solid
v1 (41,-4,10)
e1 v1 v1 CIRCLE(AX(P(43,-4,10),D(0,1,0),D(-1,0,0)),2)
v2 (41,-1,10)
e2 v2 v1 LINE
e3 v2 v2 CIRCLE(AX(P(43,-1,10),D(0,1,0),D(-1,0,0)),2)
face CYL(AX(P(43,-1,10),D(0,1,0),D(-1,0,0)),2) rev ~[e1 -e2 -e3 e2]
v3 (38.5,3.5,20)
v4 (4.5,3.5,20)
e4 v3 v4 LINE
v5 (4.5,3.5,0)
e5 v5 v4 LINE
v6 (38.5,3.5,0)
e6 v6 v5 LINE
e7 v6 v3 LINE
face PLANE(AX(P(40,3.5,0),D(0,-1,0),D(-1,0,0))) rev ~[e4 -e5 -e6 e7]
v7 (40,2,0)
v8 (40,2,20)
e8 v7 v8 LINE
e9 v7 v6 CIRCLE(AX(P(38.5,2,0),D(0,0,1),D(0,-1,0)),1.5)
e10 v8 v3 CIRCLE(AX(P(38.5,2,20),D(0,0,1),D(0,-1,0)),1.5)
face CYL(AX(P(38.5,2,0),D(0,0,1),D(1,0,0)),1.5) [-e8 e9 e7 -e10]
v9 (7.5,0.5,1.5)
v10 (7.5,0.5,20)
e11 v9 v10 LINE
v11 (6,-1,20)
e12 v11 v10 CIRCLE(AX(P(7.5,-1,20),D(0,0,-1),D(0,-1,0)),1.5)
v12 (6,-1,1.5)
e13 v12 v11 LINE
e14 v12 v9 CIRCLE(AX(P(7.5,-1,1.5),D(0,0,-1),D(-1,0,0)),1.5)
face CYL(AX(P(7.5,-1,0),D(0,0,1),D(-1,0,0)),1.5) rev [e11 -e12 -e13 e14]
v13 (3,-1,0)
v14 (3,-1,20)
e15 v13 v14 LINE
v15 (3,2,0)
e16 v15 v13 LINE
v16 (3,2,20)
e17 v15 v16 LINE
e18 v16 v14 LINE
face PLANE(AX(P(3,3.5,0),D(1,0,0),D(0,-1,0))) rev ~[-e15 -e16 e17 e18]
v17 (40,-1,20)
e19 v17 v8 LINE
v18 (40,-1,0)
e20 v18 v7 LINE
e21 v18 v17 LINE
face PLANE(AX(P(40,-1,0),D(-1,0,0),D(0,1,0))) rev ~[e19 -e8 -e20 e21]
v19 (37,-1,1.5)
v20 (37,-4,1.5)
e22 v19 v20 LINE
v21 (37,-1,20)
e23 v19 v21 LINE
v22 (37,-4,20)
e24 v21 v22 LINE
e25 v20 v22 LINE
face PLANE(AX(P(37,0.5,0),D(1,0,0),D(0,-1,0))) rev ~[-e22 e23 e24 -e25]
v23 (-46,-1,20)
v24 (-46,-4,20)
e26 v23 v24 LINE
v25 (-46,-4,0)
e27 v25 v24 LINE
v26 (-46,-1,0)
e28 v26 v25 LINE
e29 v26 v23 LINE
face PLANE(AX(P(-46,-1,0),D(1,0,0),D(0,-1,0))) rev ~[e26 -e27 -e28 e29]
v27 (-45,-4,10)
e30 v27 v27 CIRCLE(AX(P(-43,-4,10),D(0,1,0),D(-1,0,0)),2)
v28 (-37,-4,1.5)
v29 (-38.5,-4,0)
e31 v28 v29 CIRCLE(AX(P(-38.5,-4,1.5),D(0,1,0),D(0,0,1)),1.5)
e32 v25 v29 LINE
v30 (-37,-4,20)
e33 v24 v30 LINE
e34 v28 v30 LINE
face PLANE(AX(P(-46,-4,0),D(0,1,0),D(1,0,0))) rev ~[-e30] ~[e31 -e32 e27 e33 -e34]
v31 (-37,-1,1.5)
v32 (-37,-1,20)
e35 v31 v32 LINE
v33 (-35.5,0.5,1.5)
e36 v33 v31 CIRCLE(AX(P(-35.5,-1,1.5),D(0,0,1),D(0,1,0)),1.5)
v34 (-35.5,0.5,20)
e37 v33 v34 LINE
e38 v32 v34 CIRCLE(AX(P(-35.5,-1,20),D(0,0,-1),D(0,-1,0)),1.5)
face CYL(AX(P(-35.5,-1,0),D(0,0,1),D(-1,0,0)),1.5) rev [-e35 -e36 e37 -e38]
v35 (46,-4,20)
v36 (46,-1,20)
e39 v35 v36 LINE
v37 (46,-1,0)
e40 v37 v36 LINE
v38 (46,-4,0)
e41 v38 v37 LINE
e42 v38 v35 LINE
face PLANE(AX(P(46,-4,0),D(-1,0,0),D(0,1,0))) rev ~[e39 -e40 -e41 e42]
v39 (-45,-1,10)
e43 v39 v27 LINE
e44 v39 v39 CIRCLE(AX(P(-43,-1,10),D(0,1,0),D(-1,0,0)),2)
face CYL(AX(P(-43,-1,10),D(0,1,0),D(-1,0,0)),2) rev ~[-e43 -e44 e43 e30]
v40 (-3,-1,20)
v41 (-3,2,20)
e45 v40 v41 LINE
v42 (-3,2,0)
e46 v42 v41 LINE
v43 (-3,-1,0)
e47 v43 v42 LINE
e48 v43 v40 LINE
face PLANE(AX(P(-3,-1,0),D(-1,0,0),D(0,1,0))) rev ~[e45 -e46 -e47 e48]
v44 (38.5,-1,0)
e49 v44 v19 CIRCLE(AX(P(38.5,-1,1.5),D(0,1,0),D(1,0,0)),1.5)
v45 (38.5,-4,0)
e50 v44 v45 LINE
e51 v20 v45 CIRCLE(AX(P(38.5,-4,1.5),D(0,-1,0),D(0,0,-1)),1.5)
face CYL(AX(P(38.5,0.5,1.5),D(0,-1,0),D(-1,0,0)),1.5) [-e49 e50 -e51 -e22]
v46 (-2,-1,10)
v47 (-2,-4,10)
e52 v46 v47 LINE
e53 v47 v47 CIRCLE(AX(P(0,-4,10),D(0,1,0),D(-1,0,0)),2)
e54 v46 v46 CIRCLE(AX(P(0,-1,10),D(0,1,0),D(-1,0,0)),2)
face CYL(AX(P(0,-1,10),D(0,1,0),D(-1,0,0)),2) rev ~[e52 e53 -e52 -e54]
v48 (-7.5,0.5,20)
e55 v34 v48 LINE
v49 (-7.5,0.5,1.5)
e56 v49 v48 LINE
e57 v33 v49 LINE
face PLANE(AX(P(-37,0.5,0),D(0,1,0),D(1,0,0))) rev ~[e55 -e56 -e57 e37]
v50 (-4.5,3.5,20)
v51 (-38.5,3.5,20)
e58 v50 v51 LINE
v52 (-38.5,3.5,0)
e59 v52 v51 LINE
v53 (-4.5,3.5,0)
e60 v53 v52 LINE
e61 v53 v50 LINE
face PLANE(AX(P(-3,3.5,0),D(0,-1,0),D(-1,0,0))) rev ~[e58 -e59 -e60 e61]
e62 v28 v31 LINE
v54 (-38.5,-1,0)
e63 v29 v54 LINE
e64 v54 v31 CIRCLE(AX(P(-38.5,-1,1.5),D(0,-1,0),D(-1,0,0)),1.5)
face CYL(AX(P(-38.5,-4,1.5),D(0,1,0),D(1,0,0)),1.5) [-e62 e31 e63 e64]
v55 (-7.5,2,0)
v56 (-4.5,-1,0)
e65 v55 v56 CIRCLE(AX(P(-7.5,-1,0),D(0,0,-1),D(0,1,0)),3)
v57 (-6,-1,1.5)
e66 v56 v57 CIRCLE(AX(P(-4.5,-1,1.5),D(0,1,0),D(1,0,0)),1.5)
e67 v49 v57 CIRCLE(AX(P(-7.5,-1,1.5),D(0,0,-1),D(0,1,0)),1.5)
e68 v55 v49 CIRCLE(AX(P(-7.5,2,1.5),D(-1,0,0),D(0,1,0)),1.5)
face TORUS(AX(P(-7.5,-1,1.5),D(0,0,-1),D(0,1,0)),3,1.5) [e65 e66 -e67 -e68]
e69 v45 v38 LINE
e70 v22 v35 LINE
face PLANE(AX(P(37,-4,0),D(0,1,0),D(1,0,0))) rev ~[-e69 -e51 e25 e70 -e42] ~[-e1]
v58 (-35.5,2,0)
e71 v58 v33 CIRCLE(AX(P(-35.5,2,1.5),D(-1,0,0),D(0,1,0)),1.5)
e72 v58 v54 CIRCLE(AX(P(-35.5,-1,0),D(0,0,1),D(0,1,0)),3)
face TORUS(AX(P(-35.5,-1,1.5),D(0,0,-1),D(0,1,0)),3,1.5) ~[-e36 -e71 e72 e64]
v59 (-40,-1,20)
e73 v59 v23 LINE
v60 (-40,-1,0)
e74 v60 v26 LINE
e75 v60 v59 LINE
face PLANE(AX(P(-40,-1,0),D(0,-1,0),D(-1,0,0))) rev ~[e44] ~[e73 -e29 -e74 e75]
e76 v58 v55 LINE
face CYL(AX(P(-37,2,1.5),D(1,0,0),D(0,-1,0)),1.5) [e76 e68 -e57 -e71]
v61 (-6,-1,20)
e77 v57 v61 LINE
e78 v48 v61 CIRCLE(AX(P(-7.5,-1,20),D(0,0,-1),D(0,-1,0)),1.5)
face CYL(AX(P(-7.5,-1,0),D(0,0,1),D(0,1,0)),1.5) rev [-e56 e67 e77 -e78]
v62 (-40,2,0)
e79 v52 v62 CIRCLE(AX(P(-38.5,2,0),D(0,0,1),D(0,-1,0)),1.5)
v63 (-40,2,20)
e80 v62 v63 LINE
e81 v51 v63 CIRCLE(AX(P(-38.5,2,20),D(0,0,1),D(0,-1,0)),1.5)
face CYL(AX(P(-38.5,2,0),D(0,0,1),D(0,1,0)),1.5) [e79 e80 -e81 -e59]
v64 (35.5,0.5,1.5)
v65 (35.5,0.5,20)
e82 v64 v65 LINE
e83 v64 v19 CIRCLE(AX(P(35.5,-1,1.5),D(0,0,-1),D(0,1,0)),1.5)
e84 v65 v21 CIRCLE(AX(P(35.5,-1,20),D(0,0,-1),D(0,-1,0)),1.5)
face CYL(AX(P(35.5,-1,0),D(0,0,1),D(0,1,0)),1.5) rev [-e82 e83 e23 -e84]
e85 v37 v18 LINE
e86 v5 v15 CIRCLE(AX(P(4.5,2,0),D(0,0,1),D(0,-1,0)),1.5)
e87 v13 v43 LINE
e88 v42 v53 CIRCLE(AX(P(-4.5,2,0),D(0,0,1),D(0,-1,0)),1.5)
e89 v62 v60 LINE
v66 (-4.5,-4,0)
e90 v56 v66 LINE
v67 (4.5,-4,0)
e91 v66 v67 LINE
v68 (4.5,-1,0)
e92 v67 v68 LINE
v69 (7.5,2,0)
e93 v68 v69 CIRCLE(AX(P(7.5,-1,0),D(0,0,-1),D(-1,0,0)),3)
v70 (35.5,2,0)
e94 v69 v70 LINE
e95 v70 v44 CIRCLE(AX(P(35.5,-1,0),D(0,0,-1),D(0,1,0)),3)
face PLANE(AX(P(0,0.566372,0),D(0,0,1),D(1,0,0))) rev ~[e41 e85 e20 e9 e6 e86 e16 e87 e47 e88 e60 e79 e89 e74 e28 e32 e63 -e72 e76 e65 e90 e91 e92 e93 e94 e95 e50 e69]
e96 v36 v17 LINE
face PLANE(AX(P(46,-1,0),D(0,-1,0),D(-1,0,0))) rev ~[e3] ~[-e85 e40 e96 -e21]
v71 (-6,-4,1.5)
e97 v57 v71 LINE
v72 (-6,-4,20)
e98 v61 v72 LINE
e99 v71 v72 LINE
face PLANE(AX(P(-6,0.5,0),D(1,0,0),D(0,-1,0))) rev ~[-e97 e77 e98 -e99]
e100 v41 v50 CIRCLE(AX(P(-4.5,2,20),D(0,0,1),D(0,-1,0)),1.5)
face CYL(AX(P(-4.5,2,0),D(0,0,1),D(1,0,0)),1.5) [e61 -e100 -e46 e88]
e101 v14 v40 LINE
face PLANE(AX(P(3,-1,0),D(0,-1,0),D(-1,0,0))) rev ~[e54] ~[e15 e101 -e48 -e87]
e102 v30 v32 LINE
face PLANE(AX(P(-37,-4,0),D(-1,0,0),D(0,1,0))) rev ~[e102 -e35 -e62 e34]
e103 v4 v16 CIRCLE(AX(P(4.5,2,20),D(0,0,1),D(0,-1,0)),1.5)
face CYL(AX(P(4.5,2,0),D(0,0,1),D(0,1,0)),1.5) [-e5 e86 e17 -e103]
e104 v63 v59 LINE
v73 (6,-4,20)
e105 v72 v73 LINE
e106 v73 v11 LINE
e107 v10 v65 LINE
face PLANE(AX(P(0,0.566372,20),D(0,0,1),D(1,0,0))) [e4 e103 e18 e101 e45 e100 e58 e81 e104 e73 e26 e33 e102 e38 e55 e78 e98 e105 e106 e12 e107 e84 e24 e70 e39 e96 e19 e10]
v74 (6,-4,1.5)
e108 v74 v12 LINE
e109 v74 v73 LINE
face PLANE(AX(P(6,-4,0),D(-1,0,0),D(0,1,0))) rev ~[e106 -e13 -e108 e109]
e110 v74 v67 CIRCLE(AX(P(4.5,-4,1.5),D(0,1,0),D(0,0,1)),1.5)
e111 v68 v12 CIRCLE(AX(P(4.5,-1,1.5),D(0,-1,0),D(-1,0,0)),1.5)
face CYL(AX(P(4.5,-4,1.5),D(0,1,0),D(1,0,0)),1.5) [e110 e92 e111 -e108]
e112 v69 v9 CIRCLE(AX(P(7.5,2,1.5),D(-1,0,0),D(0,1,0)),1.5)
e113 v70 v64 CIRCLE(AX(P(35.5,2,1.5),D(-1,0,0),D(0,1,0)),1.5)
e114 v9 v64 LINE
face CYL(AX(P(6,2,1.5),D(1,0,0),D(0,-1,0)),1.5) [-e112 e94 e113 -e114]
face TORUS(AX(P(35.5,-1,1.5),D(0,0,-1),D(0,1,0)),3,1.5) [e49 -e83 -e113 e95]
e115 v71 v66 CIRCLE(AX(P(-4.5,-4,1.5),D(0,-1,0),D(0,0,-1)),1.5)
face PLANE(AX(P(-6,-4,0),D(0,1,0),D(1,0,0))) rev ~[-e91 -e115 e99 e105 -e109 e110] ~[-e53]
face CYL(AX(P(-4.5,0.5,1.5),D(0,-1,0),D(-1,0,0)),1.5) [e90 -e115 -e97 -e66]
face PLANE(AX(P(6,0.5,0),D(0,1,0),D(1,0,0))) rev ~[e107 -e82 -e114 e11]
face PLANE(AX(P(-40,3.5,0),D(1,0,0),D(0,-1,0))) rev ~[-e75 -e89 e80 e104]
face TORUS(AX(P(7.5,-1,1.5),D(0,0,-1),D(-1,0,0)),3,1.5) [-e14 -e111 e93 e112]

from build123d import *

# Parameters (mm, degrees)
F1_DEPTH = 20
F2_R     = 1.5
F3_R     = 2
F4_DEPTH = 25


with BuildPart() as f1:
    # F0 (on Top) → F1 (new body)
    with BuildSketch(Plane.XY):
        Polygon((-40, -4), (-37, -4), (-37, 0.5), (-6, 0.5), (-6, -4), (6, -4), (6, 0.5), (37, 0.5), (37, -4), (40, -4), (46, -4), (46, -1), (40, -1), (40, 3.5), (3, 3.5), (3, -1), (0, -1), (-3, -1), (-3, 3.5), (-40, 3.5), (-40, -1), (-46, -1), (-46, -4), align=None)
    extrude(amount=F1_DEPTH)

    # F2
    f2_edges = [f1.edges().sort_by_distance(p)[0] for p in [
        (-21.5, 0.5, 0),
        (-37, -1.75, 0),
        (-6, -1.75, 0),
        (6, -1.75, 0),
        (21.5, 0.5, 0),
        (37, -1.75, 0),
        (-40, 3.5, 10),
        (-3, 3.5, 10),
        (3, 3.5, 10),
        (40, 3.5, 10),
        (-37, 0.5, 10),
        (-6, 0.5, 10),
        (6, 0.5, 10),
        (37, 0.5, 10),
    ]]
    fillet(f2_edges, radius=F2_R)

    # F3 (on face) → F4 (cut)
    with BuildSketch(Plane(origin=(0, -1, 0), x_dir=(-1, 0, 0), z_dir=(0, 1, 0))):
        with Locations((-43, 10)):
            Circle(F3_R)
        with Locations((0, 10)):
            Circle(F3_R)
        with Locations((43, 10)):
            Circle(F3_R)
    extrude(amount=-F4_DEPTH, mode=Mode.SUBTRACT)


solid = f1.part
